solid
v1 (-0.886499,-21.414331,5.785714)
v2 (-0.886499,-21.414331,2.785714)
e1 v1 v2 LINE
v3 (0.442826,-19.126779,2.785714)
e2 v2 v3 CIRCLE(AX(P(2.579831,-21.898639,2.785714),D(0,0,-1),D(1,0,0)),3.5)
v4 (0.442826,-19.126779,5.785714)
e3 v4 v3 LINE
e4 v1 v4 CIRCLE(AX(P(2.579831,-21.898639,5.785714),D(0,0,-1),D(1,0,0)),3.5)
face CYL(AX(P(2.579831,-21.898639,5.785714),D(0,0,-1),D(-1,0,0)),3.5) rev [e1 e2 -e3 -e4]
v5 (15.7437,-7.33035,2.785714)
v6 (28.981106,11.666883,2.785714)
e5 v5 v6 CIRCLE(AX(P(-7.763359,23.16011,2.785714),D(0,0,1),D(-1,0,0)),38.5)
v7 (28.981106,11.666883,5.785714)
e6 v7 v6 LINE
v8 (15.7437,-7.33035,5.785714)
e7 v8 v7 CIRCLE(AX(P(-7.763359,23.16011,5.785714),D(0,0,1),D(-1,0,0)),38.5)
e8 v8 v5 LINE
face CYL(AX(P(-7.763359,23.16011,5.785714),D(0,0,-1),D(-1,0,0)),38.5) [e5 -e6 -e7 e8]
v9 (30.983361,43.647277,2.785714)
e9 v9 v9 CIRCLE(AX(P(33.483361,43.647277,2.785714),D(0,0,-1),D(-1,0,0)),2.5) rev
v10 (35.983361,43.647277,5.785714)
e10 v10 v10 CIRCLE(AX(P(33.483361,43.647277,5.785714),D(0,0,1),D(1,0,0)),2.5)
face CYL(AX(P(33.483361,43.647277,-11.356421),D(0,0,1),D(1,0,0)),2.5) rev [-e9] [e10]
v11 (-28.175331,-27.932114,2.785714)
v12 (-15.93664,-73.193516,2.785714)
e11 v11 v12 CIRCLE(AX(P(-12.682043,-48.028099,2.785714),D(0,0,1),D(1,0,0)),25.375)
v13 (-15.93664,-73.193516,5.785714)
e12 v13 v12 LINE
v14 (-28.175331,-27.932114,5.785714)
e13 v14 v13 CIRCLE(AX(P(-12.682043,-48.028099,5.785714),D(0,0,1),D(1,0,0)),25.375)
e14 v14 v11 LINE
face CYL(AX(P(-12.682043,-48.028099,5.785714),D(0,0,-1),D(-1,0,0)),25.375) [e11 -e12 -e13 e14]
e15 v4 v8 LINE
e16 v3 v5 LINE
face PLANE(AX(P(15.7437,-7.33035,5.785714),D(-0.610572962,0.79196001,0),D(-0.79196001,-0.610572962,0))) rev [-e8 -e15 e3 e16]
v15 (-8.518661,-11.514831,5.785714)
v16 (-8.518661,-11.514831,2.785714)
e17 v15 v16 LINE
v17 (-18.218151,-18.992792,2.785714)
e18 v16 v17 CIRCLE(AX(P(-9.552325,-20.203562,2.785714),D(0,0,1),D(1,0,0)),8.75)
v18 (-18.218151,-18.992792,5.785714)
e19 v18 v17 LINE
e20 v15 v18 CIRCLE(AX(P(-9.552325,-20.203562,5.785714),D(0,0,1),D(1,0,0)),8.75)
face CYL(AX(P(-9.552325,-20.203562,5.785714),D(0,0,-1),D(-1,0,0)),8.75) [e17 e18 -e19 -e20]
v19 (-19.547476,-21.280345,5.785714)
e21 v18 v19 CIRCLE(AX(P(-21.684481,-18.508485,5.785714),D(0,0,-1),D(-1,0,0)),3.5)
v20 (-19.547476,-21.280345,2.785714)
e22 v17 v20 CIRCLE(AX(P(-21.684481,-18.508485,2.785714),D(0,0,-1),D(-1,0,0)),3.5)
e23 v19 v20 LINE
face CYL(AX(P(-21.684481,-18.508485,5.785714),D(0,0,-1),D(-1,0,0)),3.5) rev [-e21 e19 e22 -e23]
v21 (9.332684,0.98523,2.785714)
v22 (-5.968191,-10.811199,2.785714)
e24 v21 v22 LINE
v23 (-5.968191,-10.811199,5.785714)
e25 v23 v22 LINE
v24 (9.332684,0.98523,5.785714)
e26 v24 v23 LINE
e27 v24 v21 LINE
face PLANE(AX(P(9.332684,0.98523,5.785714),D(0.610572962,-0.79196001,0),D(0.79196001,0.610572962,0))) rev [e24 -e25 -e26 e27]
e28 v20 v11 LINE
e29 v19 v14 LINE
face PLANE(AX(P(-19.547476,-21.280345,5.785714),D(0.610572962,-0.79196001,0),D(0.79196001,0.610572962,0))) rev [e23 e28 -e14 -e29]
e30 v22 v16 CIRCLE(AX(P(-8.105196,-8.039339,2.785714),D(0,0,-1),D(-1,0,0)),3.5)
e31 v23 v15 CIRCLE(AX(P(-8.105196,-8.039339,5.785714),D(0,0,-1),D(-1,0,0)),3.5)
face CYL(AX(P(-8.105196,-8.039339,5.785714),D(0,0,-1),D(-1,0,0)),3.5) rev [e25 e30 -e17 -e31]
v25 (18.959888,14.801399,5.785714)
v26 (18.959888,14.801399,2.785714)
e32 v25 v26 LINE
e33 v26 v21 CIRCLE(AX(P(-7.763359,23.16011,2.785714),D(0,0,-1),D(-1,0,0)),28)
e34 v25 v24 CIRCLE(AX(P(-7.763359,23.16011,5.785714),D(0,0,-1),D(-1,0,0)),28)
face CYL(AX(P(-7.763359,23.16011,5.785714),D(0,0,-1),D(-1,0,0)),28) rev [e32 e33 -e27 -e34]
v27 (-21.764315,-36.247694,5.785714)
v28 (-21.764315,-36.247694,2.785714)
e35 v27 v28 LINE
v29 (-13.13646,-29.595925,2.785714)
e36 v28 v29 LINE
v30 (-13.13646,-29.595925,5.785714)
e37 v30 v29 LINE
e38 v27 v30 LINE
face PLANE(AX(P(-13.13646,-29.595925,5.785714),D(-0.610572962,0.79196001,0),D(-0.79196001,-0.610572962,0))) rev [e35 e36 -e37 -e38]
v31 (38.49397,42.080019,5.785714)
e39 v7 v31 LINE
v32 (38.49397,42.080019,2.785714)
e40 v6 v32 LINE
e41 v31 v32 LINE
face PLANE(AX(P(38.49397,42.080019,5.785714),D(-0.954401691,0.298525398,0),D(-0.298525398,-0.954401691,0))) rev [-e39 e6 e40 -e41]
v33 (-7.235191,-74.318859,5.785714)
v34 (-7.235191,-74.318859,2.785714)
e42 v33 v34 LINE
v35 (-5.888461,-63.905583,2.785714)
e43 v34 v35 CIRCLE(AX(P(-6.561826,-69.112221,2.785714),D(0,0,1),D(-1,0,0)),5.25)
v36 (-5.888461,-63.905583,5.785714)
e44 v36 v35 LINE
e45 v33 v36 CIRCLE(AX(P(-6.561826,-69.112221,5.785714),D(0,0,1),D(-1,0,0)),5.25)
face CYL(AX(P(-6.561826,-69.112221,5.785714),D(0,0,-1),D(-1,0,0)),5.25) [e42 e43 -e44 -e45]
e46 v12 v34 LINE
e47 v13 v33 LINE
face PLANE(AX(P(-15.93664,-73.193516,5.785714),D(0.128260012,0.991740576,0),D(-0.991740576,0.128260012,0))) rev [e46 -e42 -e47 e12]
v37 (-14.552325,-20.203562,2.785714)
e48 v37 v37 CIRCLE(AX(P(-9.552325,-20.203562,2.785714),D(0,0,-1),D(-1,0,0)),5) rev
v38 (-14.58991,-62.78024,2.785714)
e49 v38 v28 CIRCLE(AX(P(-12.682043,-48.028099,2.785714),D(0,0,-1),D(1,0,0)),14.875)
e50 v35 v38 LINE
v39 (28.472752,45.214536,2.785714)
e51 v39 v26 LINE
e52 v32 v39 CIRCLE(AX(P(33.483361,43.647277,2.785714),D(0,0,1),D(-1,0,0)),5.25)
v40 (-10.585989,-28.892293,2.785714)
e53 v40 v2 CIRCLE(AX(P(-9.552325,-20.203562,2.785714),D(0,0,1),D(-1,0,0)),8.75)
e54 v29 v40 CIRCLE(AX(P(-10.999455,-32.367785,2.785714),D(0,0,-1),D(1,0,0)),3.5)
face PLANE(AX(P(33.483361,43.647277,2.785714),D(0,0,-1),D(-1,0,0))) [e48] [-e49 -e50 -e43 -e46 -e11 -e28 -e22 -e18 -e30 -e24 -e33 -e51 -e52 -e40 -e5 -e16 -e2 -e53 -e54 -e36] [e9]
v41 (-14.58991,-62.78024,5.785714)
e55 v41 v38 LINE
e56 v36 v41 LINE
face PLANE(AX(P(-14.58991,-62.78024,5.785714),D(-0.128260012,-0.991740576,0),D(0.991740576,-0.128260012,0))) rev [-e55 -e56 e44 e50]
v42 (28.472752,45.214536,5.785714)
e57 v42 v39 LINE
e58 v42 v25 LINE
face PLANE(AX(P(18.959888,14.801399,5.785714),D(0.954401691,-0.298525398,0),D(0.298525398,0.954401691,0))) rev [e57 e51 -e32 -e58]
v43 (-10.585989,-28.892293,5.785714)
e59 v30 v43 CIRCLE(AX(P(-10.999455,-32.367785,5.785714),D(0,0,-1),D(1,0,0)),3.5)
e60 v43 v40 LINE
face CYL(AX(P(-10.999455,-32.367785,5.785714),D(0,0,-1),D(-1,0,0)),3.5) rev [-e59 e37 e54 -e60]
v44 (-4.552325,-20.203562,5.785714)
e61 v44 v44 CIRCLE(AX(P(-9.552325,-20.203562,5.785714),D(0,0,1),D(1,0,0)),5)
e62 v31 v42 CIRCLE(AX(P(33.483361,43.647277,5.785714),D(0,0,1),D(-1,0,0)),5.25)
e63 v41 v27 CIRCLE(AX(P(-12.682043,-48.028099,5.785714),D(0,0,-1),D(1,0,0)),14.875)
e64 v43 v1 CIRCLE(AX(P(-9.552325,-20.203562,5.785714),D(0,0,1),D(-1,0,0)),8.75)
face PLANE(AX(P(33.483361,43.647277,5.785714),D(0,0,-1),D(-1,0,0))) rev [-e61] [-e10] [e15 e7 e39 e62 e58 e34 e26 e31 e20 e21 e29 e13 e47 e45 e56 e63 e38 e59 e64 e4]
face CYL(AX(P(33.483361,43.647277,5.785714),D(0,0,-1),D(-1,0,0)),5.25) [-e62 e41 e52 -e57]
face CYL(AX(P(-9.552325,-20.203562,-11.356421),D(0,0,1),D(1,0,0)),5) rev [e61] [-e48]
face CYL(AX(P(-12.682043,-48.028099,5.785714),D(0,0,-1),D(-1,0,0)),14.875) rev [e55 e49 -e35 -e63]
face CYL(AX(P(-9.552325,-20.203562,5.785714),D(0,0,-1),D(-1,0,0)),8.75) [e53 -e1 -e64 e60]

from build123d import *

# Parameters (mm, degrees)
BOSS_EXTRUDE1_DEPTH = 8.571428571
SCALE1_SCALE        = 0.35
SKETCH4_R           = 5
SKETCH4_R_2         = 2.5
CUT_EXTRUDE1_DEPTH  = 3


with BuildPart() as part:
    # Sketch1 → Boss-Extrude1 (new body)
    with BuildSketch(Plane.XY):
        with BuildLine():
            Line((58.123111297, 76.596610431), (85.302723175, 163.49128587))
            ThreePointArc((85.302723175, 163.49128587), (104.096629497, 173.329430267), (113.934773893, 154.535523945))
            Line((113.934773893, 154.535523945), (86.755162015, 67.640848506))
            ThreePointArc((86.755162015, 67.640848506), (72.021658749, 37.591328154), (48.934001898, 13.363041111))
            Line((48.934001898, 13.363041111), (5.217217629, -20.341042592))
            ThreePointArc((5.217217629, -20.341042592), (2.676812565, -23.236266616), (1.419146317, -26.876906073))
            ThreePointArc((1.419146317, -26.876906073), (-8.076031964, -43.216564777), (-26.293681135, -48.242509049))
            ThreePointArc((-26.293681135, -48.242509049), (-30.134490911, -48.532613024), (-33.580740804, -50.252886758))
            Line((-33.580740804, -50.252886758), (-58.231756308, -69.257941768))
            ThreePointArc((-58.231756308, -69.257941768), (-73.309006949, -114.009842439), (-37.733455904, -145.065216667))
            Line((-37.733455904, -145.065216667), (-12.872173051, -148.280481329))
            ThreePointArc((-12.872173051, -148.280481329), (0.08003541, -165.080490138), (-16.719973399, -178.032698599))
            Line((-16.719973399, -178.032698599), (-41.581256252, -174.817433937))
            ThreePointArc((-41.581256252, -174.817433937), (-102.268960976, -121.840619078), (-76.548945176, -45.499141462))
            Line((-76.548945176, -45.499141462), (-51.897929672, -26.494086452))
            ThreePointArc((-51.897929672, -26.494086452), (-49.357524607, -23.598862428), (-48.09985836, -19.958222971))
            ThreePointArc((-48.09985836, -19.958222971), (-38.604680078, -3.618564267), (-20.387030907, 1.407380005))
            ThreePointArc((-20.387030907, 1.407380005), (-16.546221132, 1.69748398), (-13.099971239, 3.417757714))
            Line((-13.099971239, 3.417757714), (30.61681303, 37.121841417))
            ThreePointArc((30.61681303, 37.121841417), (47.407836194, 54.742413811), (58.123111297, 76.596610431))
        make_face()
    extrude(amount=BOSS_EXTRUDE1_DEPTH)


with BuildPart() as part_1:
    # Scale1: scaled about (-2.128000964, -18.472945164, 4.285714286)
    add(part.part.scale(SCALE1_SCALE).moved(Location((-1.383200627, -12.007414357, 2.785714286))))

    # Sketch4 → Cut-Extrude1 (cut)
    with BuildSketch(Plane.XY.offset(5.785714286)):
        with Locations((-9.552325234, -20.203561939)):
            Circle(SKETCH4_R)
        with Locations((33.48336136, 43.647277361)):
            Circle(SKETCH4_R_2)
    extrude(amount=-CUT_EXTRUDE1_DEPTH, mode=Mode.SUBTRACT)


solid = part_1.part
